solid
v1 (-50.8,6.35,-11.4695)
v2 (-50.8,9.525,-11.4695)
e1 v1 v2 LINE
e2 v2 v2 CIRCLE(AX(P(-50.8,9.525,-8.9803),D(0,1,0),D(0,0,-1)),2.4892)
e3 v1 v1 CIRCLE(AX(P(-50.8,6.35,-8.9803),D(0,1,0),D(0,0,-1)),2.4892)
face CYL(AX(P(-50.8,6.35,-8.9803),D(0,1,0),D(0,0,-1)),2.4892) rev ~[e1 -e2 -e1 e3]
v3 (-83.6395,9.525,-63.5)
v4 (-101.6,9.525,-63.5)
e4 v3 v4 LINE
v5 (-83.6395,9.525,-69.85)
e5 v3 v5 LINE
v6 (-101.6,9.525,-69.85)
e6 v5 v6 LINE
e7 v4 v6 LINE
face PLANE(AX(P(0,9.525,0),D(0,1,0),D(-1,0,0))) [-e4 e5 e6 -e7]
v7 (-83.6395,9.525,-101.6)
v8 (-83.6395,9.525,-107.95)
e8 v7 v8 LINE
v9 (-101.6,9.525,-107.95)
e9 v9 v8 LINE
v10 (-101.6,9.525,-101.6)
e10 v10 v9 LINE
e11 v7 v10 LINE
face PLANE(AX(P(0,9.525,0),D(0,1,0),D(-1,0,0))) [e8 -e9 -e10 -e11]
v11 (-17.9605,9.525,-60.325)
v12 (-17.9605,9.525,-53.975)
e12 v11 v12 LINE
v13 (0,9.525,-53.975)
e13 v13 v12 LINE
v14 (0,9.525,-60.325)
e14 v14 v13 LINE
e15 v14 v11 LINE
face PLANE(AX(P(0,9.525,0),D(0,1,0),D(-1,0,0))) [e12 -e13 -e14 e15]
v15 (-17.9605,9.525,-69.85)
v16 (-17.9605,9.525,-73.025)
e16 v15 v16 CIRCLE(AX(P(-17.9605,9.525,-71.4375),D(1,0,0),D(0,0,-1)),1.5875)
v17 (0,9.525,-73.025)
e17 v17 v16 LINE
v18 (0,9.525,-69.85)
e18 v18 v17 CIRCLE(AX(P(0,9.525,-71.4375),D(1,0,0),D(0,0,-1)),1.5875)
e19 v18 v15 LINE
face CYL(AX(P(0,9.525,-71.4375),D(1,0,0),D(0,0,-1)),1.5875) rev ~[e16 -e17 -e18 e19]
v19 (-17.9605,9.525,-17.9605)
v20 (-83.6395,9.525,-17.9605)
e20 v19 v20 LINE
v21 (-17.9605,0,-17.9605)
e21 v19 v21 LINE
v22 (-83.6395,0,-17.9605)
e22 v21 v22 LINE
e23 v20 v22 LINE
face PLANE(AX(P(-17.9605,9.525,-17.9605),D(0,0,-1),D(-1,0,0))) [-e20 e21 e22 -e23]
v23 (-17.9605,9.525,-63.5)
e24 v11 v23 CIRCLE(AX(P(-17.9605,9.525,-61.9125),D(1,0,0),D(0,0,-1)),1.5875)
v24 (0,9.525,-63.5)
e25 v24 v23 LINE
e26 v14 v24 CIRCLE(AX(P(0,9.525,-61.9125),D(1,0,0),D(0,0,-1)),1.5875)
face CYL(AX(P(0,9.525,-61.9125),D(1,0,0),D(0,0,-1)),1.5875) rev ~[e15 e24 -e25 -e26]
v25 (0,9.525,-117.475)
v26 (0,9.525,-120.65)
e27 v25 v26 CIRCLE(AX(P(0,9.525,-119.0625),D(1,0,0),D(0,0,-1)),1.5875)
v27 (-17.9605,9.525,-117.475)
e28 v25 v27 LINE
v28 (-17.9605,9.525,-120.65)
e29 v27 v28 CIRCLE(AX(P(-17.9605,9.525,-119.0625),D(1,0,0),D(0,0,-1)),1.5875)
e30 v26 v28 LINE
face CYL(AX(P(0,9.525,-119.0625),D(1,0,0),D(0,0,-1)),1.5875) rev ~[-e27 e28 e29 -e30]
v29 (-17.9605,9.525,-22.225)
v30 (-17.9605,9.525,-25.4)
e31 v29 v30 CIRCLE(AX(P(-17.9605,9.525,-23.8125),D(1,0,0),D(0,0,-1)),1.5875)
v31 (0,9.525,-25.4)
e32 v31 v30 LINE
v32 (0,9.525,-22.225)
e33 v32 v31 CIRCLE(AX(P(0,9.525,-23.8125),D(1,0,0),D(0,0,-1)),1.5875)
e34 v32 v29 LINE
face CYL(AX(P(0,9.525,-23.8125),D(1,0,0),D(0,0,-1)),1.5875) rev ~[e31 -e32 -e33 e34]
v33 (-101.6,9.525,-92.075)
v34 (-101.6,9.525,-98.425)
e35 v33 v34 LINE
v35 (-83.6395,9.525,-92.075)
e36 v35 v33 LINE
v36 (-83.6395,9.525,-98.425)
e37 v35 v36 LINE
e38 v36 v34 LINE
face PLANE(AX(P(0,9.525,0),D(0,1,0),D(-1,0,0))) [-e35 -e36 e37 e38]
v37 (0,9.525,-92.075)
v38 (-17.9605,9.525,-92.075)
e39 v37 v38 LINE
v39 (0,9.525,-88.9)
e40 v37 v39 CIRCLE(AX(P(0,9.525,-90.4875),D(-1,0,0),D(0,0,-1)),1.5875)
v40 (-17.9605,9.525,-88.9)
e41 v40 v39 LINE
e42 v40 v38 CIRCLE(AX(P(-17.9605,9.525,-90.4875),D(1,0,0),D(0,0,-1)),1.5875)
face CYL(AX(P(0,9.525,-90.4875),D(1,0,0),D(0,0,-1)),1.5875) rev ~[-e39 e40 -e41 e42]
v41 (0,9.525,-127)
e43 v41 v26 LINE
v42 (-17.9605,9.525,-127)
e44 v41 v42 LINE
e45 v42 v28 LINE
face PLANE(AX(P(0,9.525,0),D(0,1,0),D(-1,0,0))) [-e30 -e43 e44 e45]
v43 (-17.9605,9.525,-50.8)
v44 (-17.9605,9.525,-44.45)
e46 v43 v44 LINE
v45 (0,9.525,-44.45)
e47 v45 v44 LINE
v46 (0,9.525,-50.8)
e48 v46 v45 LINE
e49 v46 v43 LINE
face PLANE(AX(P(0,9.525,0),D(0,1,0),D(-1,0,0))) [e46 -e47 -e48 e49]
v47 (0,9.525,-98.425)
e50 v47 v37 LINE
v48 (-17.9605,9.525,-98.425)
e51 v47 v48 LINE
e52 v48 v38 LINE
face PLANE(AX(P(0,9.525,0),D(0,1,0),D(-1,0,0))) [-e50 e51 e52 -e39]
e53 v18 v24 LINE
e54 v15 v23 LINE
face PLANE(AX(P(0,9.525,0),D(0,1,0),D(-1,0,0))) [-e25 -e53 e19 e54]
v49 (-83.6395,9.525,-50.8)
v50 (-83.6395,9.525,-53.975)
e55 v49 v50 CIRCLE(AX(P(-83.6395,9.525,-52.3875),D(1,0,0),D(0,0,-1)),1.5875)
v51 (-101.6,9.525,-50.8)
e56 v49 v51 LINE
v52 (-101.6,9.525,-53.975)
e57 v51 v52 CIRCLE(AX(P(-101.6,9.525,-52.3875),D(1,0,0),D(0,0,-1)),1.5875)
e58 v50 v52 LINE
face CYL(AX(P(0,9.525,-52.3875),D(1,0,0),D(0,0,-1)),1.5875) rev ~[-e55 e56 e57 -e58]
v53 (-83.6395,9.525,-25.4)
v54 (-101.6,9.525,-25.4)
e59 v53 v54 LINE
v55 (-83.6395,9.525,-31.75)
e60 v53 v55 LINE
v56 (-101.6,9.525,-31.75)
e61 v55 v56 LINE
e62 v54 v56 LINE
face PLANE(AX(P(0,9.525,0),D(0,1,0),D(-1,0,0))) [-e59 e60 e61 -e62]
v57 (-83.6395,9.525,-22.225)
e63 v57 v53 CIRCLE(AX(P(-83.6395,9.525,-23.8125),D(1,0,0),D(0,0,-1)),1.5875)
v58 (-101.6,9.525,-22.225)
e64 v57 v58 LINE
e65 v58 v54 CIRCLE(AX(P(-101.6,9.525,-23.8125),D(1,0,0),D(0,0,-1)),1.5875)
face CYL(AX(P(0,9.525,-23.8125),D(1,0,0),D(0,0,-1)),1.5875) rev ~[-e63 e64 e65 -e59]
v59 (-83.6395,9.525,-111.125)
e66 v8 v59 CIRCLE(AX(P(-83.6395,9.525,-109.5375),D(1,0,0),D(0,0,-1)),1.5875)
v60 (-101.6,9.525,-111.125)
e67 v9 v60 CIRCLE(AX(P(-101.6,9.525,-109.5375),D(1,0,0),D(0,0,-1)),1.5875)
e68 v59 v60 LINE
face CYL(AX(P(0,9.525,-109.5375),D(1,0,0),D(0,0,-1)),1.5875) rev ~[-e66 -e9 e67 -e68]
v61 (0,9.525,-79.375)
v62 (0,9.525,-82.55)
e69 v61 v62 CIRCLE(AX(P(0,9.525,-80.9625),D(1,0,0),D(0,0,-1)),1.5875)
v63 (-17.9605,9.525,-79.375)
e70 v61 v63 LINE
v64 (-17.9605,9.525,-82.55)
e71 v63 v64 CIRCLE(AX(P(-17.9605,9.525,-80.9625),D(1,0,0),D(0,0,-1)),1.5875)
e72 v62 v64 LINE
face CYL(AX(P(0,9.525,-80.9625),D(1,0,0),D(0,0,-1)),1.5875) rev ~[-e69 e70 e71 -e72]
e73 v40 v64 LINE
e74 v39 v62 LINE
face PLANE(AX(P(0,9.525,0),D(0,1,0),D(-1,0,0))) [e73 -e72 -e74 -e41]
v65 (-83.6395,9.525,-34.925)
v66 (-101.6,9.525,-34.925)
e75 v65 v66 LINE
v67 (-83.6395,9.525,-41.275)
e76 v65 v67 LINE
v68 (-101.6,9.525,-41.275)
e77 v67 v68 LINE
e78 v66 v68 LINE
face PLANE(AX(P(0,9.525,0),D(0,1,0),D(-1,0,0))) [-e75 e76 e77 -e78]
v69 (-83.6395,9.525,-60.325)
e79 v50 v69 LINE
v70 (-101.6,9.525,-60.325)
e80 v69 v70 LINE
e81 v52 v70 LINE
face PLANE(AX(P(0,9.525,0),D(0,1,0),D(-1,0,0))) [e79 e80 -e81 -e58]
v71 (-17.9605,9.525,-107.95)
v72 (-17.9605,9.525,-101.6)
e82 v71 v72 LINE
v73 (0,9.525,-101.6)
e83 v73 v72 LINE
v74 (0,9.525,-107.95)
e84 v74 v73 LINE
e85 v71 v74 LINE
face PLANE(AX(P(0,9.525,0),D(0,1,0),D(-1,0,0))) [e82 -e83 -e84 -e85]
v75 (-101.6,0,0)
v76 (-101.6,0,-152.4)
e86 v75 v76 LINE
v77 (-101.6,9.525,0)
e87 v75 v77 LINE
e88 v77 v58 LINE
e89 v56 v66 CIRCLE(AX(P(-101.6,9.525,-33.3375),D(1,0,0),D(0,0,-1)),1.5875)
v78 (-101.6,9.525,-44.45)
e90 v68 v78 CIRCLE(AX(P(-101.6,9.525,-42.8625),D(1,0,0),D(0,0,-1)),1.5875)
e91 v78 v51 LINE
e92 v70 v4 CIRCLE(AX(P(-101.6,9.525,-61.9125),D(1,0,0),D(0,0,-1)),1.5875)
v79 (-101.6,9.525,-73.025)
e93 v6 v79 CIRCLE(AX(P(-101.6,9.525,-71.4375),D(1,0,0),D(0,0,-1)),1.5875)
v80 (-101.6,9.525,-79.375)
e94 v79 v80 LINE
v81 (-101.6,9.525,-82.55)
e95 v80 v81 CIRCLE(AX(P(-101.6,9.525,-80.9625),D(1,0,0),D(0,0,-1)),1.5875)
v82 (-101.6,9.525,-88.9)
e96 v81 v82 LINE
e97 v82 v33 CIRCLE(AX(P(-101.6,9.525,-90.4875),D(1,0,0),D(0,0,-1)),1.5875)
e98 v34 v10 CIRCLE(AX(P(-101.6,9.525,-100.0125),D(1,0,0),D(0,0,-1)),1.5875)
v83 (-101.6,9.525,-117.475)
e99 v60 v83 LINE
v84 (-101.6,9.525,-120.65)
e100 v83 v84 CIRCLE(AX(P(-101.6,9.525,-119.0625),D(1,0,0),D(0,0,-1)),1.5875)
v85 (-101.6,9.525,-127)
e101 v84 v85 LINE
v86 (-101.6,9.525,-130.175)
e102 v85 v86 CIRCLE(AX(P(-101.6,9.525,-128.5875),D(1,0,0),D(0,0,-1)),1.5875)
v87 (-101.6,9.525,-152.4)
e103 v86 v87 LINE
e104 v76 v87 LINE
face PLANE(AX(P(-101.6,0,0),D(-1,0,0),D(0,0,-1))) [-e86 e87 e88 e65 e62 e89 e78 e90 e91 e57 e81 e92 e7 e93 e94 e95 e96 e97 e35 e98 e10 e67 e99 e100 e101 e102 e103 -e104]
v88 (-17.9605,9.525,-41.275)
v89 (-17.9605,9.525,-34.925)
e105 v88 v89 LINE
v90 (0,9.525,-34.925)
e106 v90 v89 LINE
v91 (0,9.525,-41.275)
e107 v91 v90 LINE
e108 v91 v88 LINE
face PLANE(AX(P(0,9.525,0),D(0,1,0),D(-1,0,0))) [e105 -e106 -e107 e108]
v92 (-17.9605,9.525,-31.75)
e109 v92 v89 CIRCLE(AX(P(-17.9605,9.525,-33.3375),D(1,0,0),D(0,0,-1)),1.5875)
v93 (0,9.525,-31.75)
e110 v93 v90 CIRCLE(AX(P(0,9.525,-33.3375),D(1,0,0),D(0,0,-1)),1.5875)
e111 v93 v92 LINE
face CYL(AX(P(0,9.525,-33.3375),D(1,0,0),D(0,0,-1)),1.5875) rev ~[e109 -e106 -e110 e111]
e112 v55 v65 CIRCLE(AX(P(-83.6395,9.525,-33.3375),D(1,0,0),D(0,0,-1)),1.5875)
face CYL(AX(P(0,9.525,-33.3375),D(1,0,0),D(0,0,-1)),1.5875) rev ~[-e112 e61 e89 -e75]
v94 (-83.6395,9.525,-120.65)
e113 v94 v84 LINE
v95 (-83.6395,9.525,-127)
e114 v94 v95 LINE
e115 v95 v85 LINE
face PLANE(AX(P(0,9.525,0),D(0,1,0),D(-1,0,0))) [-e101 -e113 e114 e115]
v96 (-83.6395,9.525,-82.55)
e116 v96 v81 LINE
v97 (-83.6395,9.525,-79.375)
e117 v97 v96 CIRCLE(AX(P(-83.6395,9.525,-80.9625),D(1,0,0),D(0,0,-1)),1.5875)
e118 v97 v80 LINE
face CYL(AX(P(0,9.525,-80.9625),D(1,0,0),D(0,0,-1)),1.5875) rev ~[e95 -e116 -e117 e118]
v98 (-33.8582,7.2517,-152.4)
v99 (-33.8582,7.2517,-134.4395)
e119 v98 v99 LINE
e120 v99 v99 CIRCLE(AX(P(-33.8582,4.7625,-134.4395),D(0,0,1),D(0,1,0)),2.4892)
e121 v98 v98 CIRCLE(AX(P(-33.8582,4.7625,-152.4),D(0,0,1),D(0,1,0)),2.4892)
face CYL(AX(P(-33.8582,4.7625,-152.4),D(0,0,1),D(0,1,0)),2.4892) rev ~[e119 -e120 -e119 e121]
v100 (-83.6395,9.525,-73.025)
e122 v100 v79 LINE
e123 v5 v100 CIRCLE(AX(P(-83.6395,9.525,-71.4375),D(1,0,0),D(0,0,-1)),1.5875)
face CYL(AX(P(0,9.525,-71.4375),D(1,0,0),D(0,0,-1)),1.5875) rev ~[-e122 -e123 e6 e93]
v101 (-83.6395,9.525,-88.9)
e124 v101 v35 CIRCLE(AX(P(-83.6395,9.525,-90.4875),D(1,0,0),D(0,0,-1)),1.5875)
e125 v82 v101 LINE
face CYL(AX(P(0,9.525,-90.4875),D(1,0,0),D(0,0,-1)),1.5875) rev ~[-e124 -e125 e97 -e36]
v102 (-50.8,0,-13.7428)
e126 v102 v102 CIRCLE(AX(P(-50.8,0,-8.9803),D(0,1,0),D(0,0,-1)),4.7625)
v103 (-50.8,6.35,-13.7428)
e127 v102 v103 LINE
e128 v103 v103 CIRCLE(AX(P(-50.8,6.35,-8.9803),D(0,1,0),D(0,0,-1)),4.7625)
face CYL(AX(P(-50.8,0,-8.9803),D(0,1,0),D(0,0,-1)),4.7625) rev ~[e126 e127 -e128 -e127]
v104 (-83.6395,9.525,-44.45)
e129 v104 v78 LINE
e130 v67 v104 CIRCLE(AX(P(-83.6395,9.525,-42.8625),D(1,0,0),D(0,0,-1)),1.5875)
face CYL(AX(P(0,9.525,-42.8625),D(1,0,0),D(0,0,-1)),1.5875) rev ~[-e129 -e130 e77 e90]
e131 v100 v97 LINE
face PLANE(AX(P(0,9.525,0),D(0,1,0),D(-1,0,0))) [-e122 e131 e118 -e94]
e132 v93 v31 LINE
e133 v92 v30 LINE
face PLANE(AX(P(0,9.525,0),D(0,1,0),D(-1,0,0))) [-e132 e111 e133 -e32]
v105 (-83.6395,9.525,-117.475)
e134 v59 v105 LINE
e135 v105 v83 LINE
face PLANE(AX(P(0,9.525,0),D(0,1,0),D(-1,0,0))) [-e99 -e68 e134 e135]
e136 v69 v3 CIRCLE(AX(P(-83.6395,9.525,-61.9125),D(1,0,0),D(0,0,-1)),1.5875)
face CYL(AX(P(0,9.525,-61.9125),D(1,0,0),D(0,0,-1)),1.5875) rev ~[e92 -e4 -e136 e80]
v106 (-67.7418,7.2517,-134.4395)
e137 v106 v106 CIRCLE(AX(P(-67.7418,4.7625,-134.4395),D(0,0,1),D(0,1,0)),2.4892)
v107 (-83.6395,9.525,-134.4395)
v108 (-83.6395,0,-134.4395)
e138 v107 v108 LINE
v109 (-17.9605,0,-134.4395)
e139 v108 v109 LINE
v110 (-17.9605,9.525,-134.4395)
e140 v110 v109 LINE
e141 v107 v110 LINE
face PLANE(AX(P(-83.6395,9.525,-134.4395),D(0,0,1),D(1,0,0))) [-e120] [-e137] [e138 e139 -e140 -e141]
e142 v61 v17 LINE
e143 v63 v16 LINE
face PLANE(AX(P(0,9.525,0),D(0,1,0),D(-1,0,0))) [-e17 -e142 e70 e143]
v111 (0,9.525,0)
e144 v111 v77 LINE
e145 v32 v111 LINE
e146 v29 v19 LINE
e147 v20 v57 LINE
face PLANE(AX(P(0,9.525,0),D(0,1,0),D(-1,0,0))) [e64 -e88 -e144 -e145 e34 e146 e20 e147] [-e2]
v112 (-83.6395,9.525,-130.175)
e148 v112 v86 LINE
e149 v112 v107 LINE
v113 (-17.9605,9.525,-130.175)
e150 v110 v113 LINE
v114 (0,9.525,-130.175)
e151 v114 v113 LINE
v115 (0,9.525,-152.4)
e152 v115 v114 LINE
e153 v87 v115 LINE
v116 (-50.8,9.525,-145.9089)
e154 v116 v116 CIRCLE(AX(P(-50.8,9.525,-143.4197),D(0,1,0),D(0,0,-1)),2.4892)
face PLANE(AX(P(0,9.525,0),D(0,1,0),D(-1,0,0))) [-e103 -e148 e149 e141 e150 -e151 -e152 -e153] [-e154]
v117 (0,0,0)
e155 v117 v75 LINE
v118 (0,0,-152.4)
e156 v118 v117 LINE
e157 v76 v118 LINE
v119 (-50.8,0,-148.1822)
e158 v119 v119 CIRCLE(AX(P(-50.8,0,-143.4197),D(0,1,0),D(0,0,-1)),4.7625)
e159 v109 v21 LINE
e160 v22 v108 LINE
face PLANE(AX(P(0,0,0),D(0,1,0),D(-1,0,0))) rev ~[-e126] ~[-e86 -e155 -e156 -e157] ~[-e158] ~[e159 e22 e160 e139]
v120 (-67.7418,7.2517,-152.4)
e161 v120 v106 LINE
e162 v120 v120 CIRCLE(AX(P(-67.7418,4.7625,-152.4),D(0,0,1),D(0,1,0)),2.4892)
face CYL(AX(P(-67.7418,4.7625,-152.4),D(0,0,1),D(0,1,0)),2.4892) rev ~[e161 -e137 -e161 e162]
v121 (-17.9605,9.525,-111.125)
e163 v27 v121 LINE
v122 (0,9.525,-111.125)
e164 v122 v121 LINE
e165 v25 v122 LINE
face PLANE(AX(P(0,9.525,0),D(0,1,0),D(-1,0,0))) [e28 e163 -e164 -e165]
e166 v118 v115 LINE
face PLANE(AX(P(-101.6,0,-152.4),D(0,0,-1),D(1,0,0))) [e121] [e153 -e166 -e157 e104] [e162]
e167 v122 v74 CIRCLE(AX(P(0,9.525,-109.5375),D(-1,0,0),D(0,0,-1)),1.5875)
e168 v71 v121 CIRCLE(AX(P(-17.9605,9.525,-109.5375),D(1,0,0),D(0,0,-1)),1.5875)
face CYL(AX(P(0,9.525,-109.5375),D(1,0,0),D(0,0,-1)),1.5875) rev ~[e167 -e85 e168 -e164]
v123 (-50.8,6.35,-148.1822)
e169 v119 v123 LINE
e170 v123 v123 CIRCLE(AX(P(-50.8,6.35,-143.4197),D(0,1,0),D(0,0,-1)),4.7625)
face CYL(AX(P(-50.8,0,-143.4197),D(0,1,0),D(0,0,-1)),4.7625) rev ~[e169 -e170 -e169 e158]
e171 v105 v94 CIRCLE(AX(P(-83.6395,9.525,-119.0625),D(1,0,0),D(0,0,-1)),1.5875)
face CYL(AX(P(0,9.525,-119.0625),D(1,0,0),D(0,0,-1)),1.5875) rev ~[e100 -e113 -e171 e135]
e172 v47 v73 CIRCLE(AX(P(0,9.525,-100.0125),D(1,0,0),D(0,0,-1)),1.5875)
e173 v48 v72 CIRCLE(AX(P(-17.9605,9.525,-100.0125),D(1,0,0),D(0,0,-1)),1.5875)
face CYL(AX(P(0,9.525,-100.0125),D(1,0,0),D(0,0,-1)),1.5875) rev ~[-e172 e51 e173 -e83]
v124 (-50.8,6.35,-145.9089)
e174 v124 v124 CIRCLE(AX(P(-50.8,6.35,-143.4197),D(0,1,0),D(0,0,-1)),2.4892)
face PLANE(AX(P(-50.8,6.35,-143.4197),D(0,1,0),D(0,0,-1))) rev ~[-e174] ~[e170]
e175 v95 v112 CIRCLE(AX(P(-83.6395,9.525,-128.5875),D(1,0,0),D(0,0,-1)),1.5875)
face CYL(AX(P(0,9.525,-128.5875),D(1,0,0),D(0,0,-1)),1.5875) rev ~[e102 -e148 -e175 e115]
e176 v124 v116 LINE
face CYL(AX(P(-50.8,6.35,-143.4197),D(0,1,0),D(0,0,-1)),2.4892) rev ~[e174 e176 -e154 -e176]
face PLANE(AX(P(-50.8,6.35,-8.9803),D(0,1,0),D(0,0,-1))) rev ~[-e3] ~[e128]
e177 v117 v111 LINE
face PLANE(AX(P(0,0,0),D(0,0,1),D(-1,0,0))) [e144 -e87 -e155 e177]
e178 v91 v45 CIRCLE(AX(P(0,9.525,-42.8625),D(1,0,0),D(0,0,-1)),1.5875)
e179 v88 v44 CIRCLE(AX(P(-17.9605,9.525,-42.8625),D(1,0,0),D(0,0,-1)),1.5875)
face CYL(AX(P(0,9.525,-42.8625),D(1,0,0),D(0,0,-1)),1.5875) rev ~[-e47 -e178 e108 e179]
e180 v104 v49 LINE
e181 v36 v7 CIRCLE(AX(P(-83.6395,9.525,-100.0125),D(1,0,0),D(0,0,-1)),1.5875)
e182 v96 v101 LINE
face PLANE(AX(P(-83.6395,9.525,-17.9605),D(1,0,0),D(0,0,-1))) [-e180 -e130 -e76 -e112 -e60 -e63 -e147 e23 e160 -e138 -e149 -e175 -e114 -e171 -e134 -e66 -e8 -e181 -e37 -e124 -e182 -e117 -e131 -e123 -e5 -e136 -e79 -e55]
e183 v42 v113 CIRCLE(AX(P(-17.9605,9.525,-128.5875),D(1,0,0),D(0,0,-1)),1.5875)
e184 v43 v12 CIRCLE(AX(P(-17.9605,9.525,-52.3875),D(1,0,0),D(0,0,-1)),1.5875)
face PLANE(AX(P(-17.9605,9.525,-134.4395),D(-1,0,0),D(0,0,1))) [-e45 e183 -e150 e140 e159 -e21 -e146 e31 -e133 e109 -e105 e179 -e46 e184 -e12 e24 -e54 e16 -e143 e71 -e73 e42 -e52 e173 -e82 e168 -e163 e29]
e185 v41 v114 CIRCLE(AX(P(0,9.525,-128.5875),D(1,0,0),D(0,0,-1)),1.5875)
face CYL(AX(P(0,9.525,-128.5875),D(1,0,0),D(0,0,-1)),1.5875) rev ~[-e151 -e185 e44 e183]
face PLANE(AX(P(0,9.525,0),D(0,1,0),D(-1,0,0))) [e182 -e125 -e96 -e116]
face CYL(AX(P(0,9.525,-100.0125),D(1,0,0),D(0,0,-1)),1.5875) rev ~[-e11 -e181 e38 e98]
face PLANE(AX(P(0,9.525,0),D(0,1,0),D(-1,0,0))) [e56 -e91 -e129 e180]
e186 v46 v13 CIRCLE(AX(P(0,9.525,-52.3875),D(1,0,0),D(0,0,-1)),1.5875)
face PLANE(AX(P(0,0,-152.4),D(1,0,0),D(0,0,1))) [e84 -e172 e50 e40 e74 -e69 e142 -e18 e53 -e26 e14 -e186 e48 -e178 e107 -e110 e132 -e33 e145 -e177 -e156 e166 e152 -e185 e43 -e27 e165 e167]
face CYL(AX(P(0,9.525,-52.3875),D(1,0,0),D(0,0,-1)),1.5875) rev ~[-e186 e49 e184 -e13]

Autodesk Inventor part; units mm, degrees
ref_plane "YZ Plane" through (0, 0, 0) normal (1, 0, 0) x (0, 1, 0)
ref_plane "XZ Plane" through (0, 0, 0) normal (0, 1, 0) x (-1, 0, 0)
ref_plane "XY Plane" through (0, 0, 0) normal (0, 0, 1) x (1, 0, 0)
sketch "Sketch1" plane through (0, 0, 0) normal (0, 1, 0) x (-1, 0, 0)
  line L0 (0, 0) -> (101.6, 0)
  line L1 (101.6, 0) -> (101.6, -152.4)
  line L2 (101.6, -152.4) -> (0, -152.4)
  line L3 (0, -152.4) -> (0, 0)
  dimension "d0" = 101.6
  dimension "d1" = 152.4
extrude "Extrusion1" add sketch "Sketch1" along normal blind 9.525
sketch "Sketch2" plane through (0, 9.525, 0) normal (0, 1, 0) x (1, 0, 0)
  line L0 (-101.6, 0) -> (0, 0) projected
  line L1 (0, 0) -> (-17.9605, 17.9605)
  line L2 (0, 0) -> (25.4, 0) construction
  line L3 (-101.6, 152.4) -> (-101.6, 0) projected
  line L4 (-101.6, 152.4) -> (-83.6395, 134.4395)
  line L5 (-17.9605, 17.9605) -> (-83.6395, 17.9605)
  line L6 (-83.6395, 17.9605) -> (-83.6395, 134.4395)
  line L7 (-83.6395, 134.4395) -> (-17.9605, 134.4395)
  line L8 (-17.9605, 134.4395) -> (-17.9605, 17.9605)
  dimension "d4" = 25.4
  dimension "d5" = 135
  dimension "d6" = 25.4
extrude "Extrusion2" cut sketch "Sketch2" against normal blind 9.525 contours L5 L6 L7 L8
sketch "Sketch3" plane through (0, 0, 0) normal (1, 0, 0) x (0, 0, -1)
  line L0 (0, 9.525) -> (152.4, 9.525) projected
  line L1 (0, 10.079) -> (25.4, 10.079) construction
  line L2 (0, 0) -> (0, 9.525) projected
  line L3 (0, 9.525) -> (23.8125, 9.525)
  line L4 (134.4395, 9.525) -> (17.9605, 9.525) projected
  circle A0 centre (23.8125, 9.525) radius 1.5875
  circle A1 centre (33.3375, 9.525) radius 1.5875
  circle A2 centre (42.8625, 9.525) radius 1.5875
  circle A3 centre (52.3875, 9.525) radius 1.5875
  circle A4 centre (61.9125, 9.525) radius 1.5875
  circle A5 centre (71.4375, 9.525) radius 1.5875
  circle A6 centre (80.9625, 9.525) radius 1.5875
  circle A7 centre (90.4875, 9.525) radius 1.5875
  circle A8 centre (100.0125, 9.525) radius 1.5875
  circle A9 centre (109.5375, 9.525) radius 1.5875
  circle A10 centre (119.0625, 9.525) radius 1.5875
  circle A11 centre (128.5875, 9.525) radius 1.5875
  point P0 (130.175, 9.525)
  point P1 (127, 9.525)
  point P2 (120.65, 9.525)
  point P3 (117.475, 9.525)
  point P4 (101.6, 9.525)
  point P5 (98.425, 9.525)
  point P6 (82.55, 9.525)
  point P7 (79.375, 9.525)
  point P8 (73.025, 9.525)
  point P9 (69.85, 9.525)
  point P10 (63.5, 9.525)
  point P11 (60.325, 9.525)
  point P12 (53.975, 9.525)
  point P13 (50.8, 9.525)
  point P14 (44.45, 9.525)
  point P15 (41.275, 9.525)
  point P16 (34.925, 9.525)
  point P17 (31.75, 9.525)
  point P18 (22.225, 9.525)
  point P19 (25.4, 9.525)
  dimension "d11" = 23.8125
  dimension "d12" = 3.175
  dimension "d15" = 9.525
extrude "Extrusion3" cut sketch "Sketch3" against normal blind 107.95 contours L0 A0 | L0 A11 | L0 A10 | A9 L0 | L0 A9 | L0 A8 | A7 L0 | L0 A7 | L0 A6 | L0 A5 | L0 A4 | L0 A3 | L0 A2 | L0 A1 picked at (24.8555, 9.3984) picked at (128.9035, 8.9629) picked at (119.4808, 8.612) picked at (100.4308, 8.612) picked at (81.3808, 8.612) picked at (71.8558, 8.612) picked at (61.501, 9.0475) picked at (52.5145, 8.7843) picked at (42.9895, 8.7843) picked at (33.5251, 8.5384)
sketch "Sketch4" plane through (0, 0, -152.4) normal (0, 0, -1) x (-1, 0, 0)
  line L0 (101.6, 0) -> (101.6, 9.525) projected
  line L1 (101.6, 4.7625) -> (67.7418, 4.7625)
  line L2 (0, 4.7625) -> (33.8582, 4.7625)
  line L3 (0, 4.7625) -> (33.8582, 4.7625) construction
  point P0 (0, 0)
  dimension "d22" = 33.8582
  dimension "d23" = 33.8582
  dimension "d24" = 0
hole "Hole1" at (-67.7418, 4.7625, -152.4) direction (0, 0, 1) diameter 4.9784 depth 25.4 thread size "1/4-20 UNC" class "2B" standard "ANSI Unified Screw Threads"
hole "Hole2" at (-33.8582, 4.7625, -152.4) direction (0, 0, 1) diameter 4.9784 depth 25.4 thread size "1/4-20 UNC" class "2B" standard "ANSI Unified Screw Threads"
sketch "Sketch7" plane through (0, 0, 0) normal (0, -1, 0) x (1, 0, 0)
  line L0 (-101.6, 0) -> (0, 0) projected
  line L1 (-50.8, 0) -> (-50.8, -17.9605)
  line L2 (-83.6395, -17.9605) -> (-17.9605, -17.9605) projected
  line L3 (-50.8, -17.9605) -> (-50.8, -8.9803)
  line L4 (-83.6395, -134.4395) -> (-17.9605, -134.4395) projected
  line L5 (-50.8, -134.4395) -> (-50.8, -152.4)
  line L6 (0, -152.4) -> (-101.6, -152.4) projected
  line L7 (-50.8, -152.4) -> (-50.8, -143.4197)
hole "Hole5" at (-50.8, 0, -8.9803) direction (0, 1, 0) diameter 4.9784 depth 25.4 counterbore diameter 9.525 counterbore depth 6.35 thread size "1/4-20 UNC" class "2B" standard "ANSI Unified Screw Threads"
hole "Hole6" at (-50.8, 0, -143.4197) direction (0, 1, 0) diameter 4.9784 depth 25.4 counterbore diameter 9.525 counterbore depth 6.35 thread size "1/4-20 UNC" class "2B" standard "ANSI Unified Screw Threads"
properties part number "side-B"
